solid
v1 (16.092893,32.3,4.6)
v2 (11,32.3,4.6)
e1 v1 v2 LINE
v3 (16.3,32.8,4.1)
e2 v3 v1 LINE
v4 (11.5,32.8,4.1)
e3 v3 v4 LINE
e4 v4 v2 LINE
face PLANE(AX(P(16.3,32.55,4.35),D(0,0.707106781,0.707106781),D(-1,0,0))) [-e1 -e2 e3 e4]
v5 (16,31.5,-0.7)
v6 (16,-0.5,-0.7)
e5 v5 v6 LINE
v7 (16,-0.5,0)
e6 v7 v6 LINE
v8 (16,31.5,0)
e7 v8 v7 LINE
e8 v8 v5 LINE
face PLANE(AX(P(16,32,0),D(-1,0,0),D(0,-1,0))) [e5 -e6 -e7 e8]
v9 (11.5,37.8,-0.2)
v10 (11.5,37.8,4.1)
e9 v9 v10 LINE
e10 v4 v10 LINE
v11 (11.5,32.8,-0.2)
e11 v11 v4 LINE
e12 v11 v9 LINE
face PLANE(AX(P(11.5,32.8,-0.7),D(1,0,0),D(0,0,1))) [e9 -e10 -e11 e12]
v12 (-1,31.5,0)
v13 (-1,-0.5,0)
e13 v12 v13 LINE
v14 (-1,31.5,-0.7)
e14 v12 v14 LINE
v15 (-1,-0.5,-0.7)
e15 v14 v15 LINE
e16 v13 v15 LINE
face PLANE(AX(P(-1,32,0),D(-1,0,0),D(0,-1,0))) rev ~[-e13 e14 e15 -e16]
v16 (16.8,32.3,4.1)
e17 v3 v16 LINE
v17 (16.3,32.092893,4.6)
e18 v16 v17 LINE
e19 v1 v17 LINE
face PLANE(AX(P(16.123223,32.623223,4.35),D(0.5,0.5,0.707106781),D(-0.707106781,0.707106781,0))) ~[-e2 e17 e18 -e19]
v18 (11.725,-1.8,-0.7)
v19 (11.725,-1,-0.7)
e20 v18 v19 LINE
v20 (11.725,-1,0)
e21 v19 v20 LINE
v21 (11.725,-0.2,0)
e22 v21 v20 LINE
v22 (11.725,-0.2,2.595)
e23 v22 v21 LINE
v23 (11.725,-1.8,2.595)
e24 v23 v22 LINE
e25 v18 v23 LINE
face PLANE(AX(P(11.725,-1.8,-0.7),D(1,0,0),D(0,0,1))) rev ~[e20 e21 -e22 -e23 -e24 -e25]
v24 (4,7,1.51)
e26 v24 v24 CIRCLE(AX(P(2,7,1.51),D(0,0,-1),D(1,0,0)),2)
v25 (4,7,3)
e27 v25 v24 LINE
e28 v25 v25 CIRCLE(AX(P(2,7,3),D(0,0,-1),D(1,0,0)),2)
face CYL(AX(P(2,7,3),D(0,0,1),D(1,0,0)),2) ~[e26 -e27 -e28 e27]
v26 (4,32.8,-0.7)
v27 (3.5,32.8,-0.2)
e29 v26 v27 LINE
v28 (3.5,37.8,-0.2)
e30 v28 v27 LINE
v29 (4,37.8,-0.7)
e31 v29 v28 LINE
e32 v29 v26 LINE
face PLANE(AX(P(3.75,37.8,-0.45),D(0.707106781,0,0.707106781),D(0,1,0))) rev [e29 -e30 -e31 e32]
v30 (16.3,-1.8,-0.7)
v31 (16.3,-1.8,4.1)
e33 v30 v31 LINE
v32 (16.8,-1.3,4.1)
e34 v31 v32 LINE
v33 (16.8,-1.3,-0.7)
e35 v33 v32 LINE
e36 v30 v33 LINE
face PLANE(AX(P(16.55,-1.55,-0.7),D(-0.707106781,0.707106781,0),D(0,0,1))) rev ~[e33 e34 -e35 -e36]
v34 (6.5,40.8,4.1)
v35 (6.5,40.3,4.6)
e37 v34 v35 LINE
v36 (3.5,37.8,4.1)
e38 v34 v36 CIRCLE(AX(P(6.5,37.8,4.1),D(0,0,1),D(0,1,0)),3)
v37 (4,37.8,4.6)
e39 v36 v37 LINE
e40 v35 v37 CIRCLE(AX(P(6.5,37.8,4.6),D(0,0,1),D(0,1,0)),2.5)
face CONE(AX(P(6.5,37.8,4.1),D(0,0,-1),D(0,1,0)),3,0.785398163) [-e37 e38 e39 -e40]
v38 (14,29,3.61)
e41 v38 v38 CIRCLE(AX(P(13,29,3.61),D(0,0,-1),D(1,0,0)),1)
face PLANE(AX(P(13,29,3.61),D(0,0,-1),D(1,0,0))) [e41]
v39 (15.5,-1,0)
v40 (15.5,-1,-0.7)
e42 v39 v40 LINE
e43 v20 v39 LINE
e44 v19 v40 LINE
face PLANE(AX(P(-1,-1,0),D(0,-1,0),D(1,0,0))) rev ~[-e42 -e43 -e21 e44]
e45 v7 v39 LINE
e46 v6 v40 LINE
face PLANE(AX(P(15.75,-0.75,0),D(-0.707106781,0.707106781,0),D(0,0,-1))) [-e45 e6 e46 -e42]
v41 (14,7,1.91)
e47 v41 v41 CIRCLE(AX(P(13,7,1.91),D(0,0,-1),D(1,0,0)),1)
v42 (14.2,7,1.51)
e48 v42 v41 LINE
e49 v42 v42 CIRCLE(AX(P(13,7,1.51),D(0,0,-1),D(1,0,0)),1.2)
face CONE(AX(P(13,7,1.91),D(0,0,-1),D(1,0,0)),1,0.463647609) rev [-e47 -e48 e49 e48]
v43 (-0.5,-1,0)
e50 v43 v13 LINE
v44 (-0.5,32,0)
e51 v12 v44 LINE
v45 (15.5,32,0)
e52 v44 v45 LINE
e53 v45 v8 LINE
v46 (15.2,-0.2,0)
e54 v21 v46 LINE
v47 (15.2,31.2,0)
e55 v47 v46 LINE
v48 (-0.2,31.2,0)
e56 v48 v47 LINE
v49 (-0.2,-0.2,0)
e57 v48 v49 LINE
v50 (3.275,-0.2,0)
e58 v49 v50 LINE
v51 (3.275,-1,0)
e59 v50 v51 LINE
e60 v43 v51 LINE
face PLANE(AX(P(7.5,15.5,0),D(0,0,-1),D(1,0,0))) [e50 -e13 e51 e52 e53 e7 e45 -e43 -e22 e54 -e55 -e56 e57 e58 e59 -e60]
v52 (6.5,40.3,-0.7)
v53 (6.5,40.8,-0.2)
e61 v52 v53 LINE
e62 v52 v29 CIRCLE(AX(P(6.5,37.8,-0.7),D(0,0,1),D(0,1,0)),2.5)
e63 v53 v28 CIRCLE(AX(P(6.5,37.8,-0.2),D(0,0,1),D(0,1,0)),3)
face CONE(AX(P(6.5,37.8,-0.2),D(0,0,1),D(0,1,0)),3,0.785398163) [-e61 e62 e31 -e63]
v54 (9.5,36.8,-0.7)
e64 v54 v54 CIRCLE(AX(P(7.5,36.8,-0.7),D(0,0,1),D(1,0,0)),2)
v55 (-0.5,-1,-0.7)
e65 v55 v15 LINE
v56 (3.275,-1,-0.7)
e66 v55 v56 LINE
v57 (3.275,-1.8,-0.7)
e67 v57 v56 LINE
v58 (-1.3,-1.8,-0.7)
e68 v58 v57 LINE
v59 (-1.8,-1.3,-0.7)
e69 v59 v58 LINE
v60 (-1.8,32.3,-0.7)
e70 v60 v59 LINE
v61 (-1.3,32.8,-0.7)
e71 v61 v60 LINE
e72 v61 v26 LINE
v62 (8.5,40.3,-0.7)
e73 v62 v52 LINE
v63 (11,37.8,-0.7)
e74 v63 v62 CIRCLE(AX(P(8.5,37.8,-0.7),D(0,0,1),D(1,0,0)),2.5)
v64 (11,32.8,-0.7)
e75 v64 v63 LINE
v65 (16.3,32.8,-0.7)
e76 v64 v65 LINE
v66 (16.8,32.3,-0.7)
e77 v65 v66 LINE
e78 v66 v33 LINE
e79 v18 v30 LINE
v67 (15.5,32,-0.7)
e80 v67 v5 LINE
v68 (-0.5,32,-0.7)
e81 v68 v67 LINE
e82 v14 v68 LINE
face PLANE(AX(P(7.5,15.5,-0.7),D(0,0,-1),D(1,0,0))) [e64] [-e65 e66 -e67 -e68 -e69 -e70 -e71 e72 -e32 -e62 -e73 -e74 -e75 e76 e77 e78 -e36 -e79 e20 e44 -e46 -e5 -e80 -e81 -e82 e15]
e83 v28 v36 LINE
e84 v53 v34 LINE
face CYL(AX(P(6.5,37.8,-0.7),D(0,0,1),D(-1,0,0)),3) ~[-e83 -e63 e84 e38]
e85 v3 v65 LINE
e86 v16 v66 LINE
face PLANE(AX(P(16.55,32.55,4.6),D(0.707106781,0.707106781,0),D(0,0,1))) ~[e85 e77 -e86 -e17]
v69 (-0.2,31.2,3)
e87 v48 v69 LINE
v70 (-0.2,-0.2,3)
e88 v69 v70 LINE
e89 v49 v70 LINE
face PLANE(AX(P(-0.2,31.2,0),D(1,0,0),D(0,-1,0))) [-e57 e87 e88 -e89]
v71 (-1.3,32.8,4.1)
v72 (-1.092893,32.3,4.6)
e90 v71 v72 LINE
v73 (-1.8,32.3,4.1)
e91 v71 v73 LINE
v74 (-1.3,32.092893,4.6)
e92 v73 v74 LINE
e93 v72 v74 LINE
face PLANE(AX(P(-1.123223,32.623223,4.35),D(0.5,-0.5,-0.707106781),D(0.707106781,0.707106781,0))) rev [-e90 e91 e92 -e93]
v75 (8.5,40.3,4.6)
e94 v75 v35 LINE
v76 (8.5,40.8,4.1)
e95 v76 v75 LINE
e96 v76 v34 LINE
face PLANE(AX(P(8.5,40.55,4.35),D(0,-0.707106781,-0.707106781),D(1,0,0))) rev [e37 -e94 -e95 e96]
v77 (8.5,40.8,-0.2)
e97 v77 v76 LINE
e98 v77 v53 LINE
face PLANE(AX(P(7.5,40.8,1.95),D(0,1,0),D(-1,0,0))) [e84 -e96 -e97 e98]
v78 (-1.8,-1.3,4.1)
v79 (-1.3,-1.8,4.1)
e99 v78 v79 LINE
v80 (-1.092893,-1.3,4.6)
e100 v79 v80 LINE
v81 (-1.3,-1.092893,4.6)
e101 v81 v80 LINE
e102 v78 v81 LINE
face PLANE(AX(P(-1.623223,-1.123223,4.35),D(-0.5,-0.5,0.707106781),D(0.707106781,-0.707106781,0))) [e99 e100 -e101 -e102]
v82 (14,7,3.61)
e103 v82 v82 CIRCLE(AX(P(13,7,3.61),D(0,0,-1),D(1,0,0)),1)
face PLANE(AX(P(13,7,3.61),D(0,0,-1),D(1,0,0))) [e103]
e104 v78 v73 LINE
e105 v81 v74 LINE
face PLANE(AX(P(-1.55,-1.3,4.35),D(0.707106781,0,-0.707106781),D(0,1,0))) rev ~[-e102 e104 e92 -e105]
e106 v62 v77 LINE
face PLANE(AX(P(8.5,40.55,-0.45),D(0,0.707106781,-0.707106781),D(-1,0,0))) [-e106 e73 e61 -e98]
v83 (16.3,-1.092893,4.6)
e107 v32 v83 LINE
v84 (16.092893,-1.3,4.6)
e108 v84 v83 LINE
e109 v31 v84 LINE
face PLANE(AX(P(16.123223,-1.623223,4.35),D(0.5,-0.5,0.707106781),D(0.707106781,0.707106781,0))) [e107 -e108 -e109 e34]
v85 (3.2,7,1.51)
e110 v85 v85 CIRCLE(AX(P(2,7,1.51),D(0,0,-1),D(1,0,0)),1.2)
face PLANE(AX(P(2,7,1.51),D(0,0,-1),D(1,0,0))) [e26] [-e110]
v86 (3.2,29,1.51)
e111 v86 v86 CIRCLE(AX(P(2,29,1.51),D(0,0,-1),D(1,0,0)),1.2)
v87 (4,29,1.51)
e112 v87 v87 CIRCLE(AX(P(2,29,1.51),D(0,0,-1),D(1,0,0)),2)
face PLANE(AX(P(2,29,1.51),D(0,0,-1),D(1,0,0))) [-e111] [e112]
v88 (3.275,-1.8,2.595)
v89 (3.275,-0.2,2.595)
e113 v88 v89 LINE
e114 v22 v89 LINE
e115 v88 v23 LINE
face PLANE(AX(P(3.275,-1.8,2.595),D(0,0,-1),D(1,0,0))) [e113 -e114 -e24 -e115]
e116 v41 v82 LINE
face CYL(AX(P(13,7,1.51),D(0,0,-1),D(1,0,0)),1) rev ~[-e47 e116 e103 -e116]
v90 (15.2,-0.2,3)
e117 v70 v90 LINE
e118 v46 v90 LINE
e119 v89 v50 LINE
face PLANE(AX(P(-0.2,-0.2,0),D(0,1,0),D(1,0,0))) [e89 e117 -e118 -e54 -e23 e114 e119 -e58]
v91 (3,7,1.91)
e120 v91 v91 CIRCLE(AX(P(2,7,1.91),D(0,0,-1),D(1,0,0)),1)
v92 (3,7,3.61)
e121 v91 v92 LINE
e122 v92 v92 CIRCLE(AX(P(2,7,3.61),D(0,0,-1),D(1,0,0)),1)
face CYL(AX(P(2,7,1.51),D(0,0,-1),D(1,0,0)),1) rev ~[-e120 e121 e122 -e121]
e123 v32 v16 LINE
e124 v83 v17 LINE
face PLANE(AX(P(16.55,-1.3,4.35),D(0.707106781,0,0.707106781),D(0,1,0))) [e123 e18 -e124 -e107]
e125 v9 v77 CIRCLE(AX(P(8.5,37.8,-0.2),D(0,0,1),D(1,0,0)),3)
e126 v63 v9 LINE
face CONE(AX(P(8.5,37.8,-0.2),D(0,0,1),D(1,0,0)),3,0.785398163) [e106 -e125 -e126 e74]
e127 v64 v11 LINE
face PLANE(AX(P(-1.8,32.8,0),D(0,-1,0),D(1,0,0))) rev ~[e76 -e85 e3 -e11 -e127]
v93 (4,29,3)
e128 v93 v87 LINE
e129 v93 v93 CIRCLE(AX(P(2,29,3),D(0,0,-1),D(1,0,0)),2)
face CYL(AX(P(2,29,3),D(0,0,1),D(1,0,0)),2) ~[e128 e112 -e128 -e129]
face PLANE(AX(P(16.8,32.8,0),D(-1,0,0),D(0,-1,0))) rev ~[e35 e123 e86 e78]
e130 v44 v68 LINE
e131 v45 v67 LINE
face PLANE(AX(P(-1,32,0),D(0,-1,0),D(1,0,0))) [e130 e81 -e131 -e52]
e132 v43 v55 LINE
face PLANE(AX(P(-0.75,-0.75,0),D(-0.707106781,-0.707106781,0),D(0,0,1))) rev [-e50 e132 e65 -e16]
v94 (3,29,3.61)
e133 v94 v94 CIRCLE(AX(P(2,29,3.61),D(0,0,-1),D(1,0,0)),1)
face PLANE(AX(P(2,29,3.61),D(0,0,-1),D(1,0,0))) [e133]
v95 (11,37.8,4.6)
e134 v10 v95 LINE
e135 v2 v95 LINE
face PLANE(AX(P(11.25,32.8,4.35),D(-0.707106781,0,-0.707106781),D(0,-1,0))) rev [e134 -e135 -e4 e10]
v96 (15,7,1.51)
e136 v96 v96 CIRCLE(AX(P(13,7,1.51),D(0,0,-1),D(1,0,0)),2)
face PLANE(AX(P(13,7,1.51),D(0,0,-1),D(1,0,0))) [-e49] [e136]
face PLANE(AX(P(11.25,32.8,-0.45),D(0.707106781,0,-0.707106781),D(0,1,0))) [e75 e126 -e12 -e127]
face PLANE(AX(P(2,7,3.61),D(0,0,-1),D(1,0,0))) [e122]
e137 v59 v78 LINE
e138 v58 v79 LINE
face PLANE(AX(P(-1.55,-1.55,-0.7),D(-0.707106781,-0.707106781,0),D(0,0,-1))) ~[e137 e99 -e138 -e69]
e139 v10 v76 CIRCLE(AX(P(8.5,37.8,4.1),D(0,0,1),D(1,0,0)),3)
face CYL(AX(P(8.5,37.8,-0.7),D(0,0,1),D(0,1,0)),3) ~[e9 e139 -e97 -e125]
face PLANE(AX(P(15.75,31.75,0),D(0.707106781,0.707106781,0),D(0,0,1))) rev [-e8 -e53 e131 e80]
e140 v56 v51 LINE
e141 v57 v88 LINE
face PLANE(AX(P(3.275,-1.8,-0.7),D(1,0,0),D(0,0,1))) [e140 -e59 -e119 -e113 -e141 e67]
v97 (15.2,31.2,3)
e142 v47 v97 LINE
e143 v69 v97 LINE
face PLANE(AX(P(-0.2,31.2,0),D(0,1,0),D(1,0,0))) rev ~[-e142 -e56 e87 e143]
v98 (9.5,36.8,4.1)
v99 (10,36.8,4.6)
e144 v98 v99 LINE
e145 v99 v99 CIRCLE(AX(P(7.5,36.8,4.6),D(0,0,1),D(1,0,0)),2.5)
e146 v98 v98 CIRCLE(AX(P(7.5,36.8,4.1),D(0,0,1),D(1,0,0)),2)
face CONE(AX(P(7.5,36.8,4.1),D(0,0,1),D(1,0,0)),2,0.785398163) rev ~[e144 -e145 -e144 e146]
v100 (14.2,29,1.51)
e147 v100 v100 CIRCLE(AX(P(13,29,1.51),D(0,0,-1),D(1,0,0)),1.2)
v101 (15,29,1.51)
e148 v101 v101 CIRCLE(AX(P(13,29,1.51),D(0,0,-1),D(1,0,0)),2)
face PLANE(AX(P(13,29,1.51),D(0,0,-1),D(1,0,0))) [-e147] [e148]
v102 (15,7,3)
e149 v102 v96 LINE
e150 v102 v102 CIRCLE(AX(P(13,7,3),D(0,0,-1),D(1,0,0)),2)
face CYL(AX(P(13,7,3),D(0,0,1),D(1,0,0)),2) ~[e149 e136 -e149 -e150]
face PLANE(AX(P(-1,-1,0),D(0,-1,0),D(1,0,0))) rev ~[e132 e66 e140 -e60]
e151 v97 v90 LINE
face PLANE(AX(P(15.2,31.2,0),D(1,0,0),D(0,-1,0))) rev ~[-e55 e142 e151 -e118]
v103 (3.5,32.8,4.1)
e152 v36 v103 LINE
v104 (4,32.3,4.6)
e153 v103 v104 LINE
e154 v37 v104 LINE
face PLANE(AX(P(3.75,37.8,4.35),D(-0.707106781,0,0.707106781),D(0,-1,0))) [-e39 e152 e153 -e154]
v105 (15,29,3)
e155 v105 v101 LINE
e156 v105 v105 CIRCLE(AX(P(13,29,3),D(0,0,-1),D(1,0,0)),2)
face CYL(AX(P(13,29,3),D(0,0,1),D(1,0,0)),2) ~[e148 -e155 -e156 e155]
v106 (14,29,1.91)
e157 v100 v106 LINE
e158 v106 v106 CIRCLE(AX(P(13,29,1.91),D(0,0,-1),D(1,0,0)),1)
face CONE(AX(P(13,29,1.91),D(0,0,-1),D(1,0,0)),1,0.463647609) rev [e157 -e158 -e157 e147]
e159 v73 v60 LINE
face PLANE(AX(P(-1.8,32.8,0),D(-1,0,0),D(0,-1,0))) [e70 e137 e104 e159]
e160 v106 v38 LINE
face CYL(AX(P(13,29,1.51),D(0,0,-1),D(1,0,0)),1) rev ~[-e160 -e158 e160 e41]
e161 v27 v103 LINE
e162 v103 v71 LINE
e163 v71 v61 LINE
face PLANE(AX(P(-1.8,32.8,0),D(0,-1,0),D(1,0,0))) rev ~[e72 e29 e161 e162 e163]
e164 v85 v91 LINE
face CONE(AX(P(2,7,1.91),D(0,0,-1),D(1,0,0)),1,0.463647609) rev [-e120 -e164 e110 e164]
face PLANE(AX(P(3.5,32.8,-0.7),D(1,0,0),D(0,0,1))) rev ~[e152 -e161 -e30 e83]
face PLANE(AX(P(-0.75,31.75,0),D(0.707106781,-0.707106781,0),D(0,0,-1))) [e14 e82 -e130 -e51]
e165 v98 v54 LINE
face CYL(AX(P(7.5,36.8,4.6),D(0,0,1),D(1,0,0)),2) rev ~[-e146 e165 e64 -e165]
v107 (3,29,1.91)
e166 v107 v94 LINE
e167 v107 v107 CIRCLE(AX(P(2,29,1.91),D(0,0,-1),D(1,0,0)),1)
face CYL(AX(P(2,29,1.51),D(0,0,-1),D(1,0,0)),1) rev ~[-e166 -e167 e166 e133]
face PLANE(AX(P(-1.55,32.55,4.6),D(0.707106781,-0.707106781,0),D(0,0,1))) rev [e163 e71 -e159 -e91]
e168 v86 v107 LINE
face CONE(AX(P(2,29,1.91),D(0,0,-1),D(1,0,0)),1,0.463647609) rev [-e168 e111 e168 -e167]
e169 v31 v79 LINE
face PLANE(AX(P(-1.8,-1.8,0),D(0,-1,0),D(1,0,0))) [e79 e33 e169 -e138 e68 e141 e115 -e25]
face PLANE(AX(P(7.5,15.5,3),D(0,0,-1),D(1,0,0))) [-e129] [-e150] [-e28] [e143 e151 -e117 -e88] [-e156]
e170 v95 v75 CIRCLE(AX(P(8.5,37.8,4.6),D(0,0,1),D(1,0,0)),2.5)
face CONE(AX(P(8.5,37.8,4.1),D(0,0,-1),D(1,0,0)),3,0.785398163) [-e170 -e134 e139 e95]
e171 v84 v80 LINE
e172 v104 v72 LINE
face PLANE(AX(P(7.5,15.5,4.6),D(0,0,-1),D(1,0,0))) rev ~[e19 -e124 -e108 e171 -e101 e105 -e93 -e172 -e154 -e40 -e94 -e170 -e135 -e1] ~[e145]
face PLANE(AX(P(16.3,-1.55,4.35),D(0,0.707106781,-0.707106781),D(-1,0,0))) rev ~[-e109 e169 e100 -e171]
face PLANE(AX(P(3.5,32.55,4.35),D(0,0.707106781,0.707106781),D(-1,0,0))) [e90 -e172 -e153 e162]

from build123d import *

# Parameters (mm, degrees)
SKETCH_W           = 15.4
SKETCH_H           = 31.4
PAD_DEPTH          = 3
THICKNESS_T        = 1.6
SKETCH001_W        = 18.6
SKETCH001_H        = 34.6
SKETCH001_W_2      = 17
SKETCH001_H_2      = 33
PAD001_DEPTH       = 0.7
SKETCH002_W        = 8.45
SKETCH002_H        = 3.295
POCKET_DEPTH       = 5
SKETCH003_R        = 2
PAD002_DEPTH       = 1.49
SKETCH004_R        = 1
POCKET001_DEPTH    = 2.1
SKETCH009_W        = 8
SKETCH009_H        = 5.3
PAD006_DEPTH       = 8
SKETCH010_R        = 2
POCKET002_DEPTH    = 5.301
FILLET_R           = 3
CHAMFER_SIZE       = 0.5
CHAMFER001_SIZE    = 0.5
CHAMFER005_1_SIZE2 = 0.4
CHAMFER005_1_SIZE  = 0.2
CHAMFER005_2_SIZE2 = 0.4
CHAMFER005_2_SIZE  = 0.2
CHAMFER005_3_SIZE2 = 0.4
CHAMFER005_3_SIZE  = 0.2
CHAMFER005_4_SIZE2 = 0.4
CHAMFER005_4_SIZE  = 0.2


with BuildPart() as part:
    # Sketch (on Face2746 of Binder) → Pad (new body)
    with BuildSketch(Plane(origin=(0, 0, 0), x_dir=(1, 0, 0), z_dir=(0, 0, -1))):
        with Locations((7.5, -15.5)):
            Rectangle(SKETCH_W, SKETCH_H)
    extrude(amount=-PAD_DEPTH)

    # Thickness
    thickness_openings = [part.faces().sort_by_distance(p)[0] for p in [
        (7.5, 15.5, 0),
    ]]
    offset(amount=THICKNESS_T, openings=thickness_openings, kind=Kind.INTERSECTION)

    # Sketch001 (on Face6 of Thickness) → Pad001 (join)
    with BuildSketch(Plane(origin=(0, 0, 0), x_dir=(1, 0, 0), z_dir=(0, 0, -1))):
        with Locations((7.5, -15.5)):
            Rectangle(SKETCH001_W, SKETCH001_H)
        with Locations((7.5, -15.5)):
            Rectangle(SKETCH001_W_2, SKETCH001_H_2, mode=Mode.SUBTRACT)
    extrude(amount=PAD001_DEPTH)

    # Sketch002 (on Face16 of Pad001) → Pocket (cut)
    with BuildSketch(Plane.XZ.offset(1.8)):
        with Locations((7.5, 0.9475)):
            Rectangle(SKETCH002_W, SKETCH002_H)
    extrude(amount=-POCKET_DEPTH, mode=Mode.SUBTRACT)

    # Sketch003 (on Face18 of Pocket) → Pad002 (join)
    with BuildSketch(Plane(origin=(0, 0, 3), x_dir=(1, 0, 0), z_dir=(0, 0, -1))):
        with Locations((2, -7)):
            Circle(SKETCH003_R)
        with Locations((13, -7)):
            Circle(SKETCH003_R)
        with Locations((2, -29)):
            Circle(SKETCH003_R)
        with Locations((13, -29)):
            Circle(SKETCH003_R)
    extrude(amount=PAD002_DEPTH)

    # Sketch004 (on Face25 of Pad002) → Pocket001 (cut)
    with BuildSketch(Plane(origin=(0, 0, 1.51), x_dir=(1, 0, 0), z_dir=(0, 0, -1))):
        with Locations((2, -7)):
            Circle(SKETCH004_R)
        with Locations((13, -7)):
            Circle(SKETCH004_R)
        with Locations((2, -29)):
            Circle(SKETCH004_R)
        with Locations((13, -29)):
            Circle(SKETCH004_R)
    extrude(amount=-POCKET001_DEPTH, mode=Mode.SUBTRACT)

    # Sketch009 (on Face3 of Pocket001) → Pad006 (join)
    with BuildSketch(Plane(origin=(0, 32.8, 0), x_dir=(-1, 0, 0), z_dir=(0, 1, 0))):
        with Locations((-7.5, 1.95)):
            Rectangle(SKETCH009_W, SKETCH009_H)
    extrude(amount=PAD006_DEPTH)

    # Sketch010 (on Face39 of Pad006) → Pocket002 (cut, through all)
    with BuildSketch(Plane.XY.offset(4.6)):
        with Locations((7.5, 36.8)):
            Circle(SKETCH010_R)
    extrude(amount=-POCKET002_DEPTH, mode=Mode.SUBTRACT)

    # Fillet
    fillet_edges = [part.edges().sort_by_distance(p)[0] for p in [
        (3.5, 40.8, 1.95),
        (11.5, 40.8, 1.95),
    ]]
    fillet(fillet_edges, radius=FILLET_R)

    # Chamfer
    chamfer_edges = [part.edges().sort_by_distance(p)[0] for p in [
        (-1.8, 32.8, 1.95),
        (16.8, 32.8, 1.95),
        (16.8, -1.8, 1.95),
        (-1.8, -1.8, 1.95),
        (16, -1, -0.35),
        (16, 32, -0.35),
        (-1, 32, -0.35),
        (-1, -1, -0.35),
    ]]
    chamfer(chamfer_edges, length=CHAMFER_SIZE)

    # Chamfer001
    chamfer001_edges = [part.edges().sort_by_distance(p)[0] for p in [
        (13.9, 32.8, 4.6),
        (16.55, 32.55, 4.6),
        (11.5, 35.3, 4.6),
        (16.8, 15.5, 4.6),
        (10.62132, 39.92132, 4.6),
        (16.55, -1.55, 4.6),
        (7.5, 40.8, 4.6),
        (7.5, -1.8, 4.6),
        (4.37868, 39.92132, 4.6),
        (-1.55, -1.55, 4.6),
        (3.5, 35.3, 4.6),
        (-1.8, 15.5, 4.6),
        (1.1, 32.8, 4.6),
        (-1.55, 32.55, 4.6),
        (5.5, 36.8, 4.6),
        (11.5, 35.3, -0.7),
        (10.62132, 39.92132, -0.7),
        (7.5, 40.8, -0.7),
        (4.37868, 39.92132, -0.7),
        (3.5, 35.3, -0.7),
    ]]
    chamfer(chamfer001_edges, length=CHAMFER001_SIZE)

    # Chamfer005 1
    chamfer005_1_edges = [part.edges().sort_by_distance(p)[0] for p in [
        (1, 7, 1.51),
    ]]
    chamfer005_1_side = part.faces().sort_by_distance((0.056569, 7, 1.51))[0]
    chamfer(chamfer005_1_edges, length=CHAMFER005_1_SIZE, length2=CHAMFER005_1_SIZE2, reference=chamfer005_1_side)

    # Chamfer005 2
    chamfer005_2_edges = [part.edges().sort_by_distance(p)[0] for p in [
        (12, 7, 1.51),
    ]]
    chamfer005_2_side = part.faces().sort_by_distance((11.056569, 7, 1.51))[0]
    chamfer(chamfer005_2_edges, length=CHAMFER005_2_SIZE, length2=CHAMFER005_2_SIZE2, reference=chamfer005_2_side)

    # Chamfer005 3
    chamfer005_3_edges = [part.edges().sort_by_distance(p)[0] for p in [
        (1, 29, 1.51),
    ]]
    chamfer005_3_side = part.faces().sort_by_distance((0.056569, 29, 1.51))[0]
    chamfer(chamfer005_3_edges, length=CHAMFER005_3_SIZE, length2=CHAMFER005_3_SIZE2, reference=chamfer005_3_side)

    # Chamfer005 4
    chamfer005_4_edges = [part.edges().sort_by_distance(p)[0] for p in [
        (12, 29, 1.51),
    ]]
    chamfer005_4_side = part.faces().sort_by_distance((11.056569, 29, 1.51))[0]
    chamfer(chamfer005_4_edges, length=CHAMFER005_4_SIZE, length2=CHAMFER005_4_SIZE2, reference=chamfer005_4_side)


solid = part.part
